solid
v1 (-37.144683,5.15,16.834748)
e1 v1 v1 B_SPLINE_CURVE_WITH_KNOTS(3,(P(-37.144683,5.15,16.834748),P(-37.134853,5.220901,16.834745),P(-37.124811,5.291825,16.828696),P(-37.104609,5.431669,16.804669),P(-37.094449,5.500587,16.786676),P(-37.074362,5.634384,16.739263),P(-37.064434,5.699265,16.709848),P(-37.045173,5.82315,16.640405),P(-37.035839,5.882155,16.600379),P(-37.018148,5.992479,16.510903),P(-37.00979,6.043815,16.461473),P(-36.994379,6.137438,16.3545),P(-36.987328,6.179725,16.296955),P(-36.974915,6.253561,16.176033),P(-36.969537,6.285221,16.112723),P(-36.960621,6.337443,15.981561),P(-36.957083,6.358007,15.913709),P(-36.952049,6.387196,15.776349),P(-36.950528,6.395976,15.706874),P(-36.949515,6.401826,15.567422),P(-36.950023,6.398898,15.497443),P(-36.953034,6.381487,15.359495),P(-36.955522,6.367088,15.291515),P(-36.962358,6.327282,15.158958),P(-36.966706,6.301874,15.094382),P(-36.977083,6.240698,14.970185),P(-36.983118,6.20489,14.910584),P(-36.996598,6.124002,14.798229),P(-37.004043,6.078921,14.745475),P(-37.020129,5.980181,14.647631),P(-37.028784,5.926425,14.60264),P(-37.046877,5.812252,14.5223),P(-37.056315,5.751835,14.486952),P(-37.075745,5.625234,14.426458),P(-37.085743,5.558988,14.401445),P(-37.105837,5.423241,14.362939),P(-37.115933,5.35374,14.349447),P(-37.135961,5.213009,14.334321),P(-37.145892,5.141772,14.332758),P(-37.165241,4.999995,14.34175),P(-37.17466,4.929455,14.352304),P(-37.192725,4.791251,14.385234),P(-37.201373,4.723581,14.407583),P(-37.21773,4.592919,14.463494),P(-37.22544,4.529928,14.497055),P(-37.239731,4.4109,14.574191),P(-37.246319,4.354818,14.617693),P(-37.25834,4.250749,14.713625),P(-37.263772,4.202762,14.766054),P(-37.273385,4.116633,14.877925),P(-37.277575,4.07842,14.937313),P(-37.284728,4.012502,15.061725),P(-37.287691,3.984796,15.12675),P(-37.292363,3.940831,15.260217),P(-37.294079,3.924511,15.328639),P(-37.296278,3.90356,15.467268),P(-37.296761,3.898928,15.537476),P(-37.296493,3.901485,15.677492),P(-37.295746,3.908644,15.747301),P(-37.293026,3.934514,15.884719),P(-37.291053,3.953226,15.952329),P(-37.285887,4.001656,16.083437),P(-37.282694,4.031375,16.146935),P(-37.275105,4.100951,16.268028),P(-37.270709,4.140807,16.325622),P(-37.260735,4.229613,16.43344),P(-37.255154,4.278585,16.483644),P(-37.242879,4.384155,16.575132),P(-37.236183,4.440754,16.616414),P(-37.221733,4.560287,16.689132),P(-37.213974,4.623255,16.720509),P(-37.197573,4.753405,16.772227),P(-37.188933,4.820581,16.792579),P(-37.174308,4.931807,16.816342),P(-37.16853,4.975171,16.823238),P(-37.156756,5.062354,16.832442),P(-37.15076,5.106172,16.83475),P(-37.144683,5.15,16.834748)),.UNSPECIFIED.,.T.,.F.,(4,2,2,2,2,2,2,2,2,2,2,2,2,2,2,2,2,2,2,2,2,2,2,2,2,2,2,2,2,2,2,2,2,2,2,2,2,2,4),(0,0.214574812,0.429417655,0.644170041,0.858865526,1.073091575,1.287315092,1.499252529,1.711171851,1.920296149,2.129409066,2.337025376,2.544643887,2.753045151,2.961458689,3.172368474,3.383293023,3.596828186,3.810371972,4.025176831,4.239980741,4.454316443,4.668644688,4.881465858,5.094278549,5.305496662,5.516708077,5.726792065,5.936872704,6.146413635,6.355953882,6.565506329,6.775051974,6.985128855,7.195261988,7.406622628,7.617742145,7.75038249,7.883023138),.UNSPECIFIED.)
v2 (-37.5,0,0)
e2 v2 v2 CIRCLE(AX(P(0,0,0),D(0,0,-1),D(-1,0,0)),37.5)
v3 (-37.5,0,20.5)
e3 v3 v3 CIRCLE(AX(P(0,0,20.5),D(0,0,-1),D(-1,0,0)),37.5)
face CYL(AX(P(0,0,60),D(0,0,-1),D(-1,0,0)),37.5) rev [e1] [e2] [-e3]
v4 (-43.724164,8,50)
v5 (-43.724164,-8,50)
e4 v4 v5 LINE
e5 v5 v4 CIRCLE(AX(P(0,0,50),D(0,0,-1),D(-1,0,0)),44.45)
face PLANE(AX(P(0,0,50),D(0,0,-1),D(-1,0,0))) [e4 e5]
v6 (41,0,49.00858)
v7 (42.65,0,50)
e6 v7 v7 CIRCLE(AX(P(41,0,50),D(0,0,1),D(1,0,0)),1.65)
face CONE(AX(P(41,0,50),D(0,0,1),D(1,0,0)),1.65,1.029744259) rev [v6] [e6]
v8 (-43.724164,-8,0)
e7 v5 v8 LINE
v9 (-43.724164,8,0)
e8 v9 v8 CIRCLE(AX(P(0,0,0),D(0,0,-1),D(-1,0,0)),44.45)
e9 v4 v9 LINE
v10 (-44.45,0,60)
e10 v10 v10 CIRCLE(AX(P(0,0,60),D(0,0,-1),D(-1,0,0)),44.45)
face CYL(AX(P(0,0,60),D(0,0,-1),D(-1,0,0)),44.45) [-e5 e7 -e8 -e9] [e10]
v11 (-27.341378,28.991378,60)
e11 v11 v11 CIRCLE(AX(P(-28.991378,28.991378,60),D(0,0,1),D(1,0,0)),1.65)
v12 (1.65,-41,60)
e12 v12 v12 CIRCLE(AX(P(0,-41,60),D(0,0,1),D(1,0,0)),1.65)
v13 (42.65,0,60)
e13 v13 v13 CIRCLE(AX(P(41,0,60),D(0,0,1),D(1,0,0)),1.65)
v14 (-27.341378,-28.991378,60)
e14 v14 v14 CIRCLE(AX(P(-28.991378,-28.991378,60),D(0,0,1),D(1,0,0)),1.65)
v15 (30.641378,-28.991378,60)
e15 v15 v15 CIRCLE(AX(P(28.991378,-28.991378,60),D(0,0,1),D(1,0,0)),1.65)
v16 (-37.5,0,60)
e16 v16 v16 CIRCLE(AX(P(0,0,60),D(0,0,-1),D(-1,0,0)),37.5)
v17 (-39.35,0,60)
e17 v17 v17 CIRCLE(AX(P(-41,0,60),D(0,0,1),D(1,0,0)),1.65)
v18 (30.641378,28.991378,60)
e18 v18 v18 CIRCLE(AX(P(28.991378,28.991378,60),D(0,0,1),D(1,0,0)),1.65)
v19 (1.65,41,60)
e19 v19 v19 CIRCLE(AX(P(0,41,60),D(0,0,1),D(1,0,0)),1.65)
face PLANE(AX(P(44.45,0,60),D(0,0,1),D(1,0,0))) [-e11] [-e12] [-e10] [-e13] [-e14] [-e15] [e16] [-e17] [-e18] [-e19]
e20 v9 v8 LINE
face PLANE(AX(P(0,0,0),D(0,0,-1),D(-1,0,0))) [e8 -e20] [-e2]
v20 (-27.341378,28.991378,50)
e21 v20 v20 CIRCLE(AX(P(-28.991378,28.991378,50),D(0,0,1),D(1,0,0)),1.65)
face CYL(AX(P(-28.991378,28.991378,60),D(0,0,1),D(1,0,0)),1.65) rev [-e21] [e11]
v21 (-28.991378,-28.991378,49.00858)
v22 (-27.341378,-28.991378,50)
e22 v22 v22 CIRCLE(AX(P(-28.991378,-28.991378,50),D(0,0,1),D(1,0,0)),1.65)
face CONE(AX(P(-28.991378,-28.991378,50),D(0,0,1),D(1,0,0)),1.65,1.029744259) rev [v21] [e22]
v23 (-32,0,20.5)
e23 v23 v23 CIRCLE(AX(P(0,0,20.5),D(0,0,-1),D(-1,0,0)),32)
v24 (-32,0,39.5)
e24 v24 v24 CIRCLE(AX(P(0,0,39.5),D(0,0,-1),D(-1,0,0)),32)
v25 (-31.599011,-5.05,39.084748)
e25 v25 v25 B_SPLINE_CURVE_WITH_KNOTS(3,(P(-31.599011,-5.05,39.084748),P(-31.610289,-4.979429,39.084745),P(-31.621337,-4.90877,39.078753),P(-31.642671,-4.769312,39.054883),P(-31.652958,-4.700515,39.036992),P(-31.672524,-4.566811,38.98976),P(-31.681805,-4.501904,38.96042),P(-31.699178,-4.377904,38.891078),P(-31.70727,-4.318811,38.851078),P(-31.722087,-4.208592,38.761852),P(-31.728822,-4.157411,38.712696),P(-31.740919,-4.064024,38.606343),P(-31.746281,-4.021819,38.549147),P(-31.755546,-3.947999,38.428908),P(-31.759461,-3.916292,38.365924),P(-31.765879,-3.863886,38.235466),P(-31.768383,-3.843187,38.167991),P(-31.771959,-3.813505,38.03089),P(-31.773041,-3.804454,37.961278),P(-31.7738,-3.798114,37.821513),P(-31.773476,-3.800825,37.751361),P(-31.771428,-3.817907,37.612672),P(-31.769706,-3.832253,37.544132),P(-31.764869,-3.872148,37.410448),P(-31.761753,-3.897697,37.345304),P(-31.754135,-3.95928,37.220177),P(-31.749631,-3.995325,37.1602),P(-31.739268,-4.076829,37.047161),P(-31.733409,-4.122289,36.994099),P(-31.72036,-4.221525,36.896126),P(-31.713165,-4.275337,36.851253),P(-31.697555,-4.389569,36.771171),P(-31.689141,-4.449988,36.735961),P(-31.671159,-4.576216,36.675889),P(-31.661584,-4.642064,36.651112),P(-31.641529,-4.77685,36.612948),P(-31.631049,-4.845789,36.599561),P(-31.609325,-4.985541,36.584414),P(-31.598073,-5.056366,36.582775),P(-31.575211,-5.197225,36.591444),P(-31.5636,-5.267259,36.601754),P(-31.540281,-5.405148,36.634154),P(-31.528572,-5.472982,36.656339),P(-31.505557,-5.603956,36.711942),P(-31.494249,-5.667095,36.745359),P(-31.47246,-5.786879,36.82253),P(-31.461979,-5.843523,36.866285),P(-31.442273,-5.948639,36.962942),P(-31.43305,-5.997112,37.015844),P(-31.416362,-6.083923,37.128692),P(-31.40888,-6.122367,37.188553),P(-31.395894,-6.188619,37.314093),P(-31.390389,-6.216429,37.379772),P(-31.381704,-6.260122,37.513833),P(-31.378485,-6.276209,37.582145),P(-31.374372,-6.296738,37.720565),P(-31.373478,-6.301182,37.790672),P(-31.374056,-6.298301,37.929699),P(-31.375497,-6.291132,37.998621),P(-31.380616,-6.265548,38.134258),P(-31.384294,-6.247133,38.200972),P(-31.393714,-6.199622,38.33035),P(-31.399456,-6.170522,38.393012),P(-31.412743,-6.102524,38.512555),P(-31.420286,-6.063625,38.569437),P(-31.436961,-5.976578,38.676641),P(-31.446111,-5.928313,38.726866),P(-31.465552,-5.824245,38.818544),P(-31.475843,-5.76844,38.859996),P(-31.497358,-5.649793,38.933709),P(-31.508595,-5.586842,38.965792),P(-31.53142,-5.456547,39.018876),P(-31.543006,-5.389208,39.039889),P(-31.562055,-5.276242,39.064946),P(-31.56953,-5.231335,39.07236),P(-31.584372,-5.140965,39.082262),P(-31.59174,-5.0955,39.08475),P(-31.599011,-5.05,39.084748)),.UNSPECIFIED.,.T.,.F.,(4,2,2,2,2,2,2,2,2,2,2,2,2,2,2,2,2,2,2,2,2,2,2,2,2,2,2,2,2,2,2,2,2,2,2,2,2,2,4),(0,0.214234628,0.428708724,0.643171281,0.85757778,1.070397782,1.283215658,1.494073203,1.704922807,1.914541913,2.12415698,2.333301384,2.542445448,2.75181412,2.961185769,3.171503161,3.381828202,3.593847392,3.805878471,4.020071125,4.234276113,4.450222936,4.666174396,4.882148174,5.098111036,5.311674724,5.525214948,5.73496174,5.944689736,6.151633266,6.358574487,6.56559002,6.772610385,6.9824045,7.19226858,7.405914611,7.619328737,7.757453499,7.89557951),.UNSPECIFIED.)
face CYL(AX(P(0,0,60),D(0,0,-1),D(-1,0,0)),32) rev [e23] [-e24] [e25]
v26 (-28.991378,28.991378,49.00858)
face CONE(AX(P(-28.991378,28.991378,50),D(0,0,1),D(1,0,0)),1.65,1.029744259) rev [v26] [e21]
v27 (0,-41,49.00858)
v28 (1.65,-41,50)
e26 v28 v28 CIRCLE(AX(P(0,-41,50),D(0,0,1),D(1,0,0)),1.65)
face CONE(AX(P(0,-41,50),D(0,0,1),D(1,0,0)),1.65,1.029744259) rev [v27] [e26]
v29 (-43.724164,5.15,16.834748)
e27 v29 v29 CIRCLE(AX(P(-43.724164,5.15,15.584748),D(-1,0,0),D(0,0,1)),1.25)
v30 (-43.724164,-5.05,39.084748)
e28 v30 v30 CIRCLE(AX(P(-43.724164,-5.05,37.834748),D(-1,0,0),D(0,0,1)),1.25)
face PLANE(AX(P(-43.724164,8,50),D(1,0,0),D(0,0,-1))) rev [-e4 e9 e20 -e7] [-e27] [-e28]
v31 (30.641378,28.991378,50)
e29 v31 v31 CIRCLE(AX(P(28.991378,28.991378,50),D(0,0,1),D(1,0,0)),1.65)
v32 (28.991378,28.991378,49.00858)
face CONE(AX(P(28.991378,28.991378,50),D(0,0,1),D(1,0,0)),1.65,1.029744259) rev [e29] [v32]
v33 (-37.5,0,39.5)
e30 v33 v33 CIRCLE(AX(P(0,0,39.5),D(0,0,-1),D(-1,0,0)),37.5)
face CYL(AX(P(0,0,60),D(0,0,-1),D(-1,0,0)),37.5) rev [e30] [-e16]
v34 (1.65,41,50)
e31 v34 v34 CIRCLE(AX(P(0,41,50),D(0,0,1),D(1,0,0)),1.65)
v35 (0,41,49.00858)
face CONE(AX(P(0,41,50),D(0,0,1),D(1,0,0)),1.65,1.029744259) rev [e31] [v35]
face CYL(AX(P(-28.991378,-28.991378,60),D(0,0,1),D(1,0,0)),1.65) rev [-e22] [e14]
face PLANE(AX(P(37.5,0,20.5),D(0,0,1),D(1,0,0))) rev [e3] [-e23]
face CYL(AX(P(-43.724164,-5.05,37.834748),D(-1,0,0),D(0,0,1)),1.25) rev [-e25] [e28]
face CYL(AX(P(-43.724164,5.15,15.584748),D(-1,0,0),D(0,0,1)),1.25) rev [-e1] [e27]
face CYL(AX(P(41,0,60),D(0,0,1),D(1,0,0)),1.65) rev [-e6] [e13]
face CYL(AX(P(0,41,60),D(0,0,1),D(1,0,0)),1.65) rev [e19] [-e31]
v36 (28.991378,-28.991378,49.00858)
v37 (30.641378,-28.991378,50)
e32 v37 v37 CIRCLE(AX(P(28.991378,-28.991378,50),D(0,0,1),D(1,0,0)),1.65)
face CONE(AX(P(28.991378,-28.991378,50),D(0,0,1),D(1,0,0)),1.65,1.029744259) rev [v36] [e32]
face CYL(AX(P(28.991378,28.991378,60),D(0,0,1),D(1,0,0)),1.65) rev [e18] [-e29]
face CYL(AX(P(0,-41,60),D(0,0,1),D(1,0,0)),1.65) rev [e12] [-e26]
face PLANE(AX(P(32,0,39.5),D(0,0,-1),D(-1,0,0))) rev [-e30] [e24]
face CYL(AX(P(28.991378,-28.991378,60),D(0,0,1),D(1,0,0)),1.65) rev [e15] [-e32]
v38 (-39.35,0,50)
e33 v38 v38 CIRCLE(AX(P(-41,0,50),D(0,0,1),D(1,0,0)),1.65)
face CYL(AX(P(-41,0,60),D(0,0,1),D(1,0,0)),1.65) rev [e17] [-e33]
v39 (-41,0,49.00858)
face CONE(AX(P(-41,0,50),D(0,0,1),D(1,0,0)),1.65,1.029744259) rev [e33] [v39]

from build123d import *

# Parameters (mm, degrees)
SKETCH1_W                  = 44.45
SKETCH1_H                  = 60
CUT_EXTRUDE1_START         = -50
CUT_EXTRUDE1_DEPTH         = 50
M4X0_7_TAPPED_HOLE1_D      = 3.3
M4X0_7_TAPPED_HOLE1_DEPTH  = 10
M4X0_7_TAPPED_HOLE1_TIP    = 0.991420021
M3X0_5_TAPPED_HOLE1_REACH  = 117.544
M3X0_5_TAPPED_HOLE1_BORE_R = 1.25
M3X0_5_TAPPED_HOLE2_REACH  = 117.544
M3X0_5_TAPPED_HOLE2_BORE_R = 1.25


with BuildPart() as part:
    # Sketch1 → Revolve1 (revolve)
    with BuildSketch(Plane.XZ, mode=Mode.PRIVATE) as revolve1_sk:
        with Locations((22.225, 30)):
            Rectangle(SKETCH1_W, SKETCH1_H)
    revolve(revolve1_sk.sketch.rotate(Axis((0, 0, 60), (0, 0, -1)), 180), axis=Axis((0, 0, 60), (0, 0, -1)))

    # Sketch2 → Cut-Extrude1 (cut)
    with BuildSketch(Plane(origin=(0, 0, 0), x_dir=(-1, 0, 0), z_dir=(0, 0, -1)).offset(CUT_EXTRUDE1_START)):
        with BuildLine():
            Line((43.7241638, 8), (43.7241638, -8))
            ThreePointArc((43.7241638, -8), (44.45, 0), (43.7241638, 8))
        make_face()
    extrude(amount=CUT_EXTRUDE1_DEPTH, mode=Mode.SUBTRACT)

    # Sketch3 → Cut-Revolve1 (revolve, cut)
    with BuildSketch(Plane.XZ, mode=Mode.PRIVATE) as cut_revolve1_sk:
        Polygon((37.5, 60), (0, 60), (0, 0), (37.5, 0), (37.5, 20.5), (32, 20.5), (32, 39.5), (37.5, 39.5), align=None)
    revolve(cut_revolve1_sk.sketch.rotate(Axis((0, 0, 60), (0, 0, -1)), 180), axis=Axis((0, 0, 60), (0, 0, -1)), mode=Mode.SUBTRACT)

    # M4x0.7 Tapped Hole1
    with Locations(Plane.XY.offset(60)):
        with Locations((28.991378029, 28.991378029), (0, 41), (-28.991378029, 28.991378029), (-41, 0), (-28.991378029, -28.991378029), (0, -41), (28.991378029, -28.991378029), (41, 0)):
            Hole(M4X0_7_TAPPED_HOLE1_D / 2, depth=M4X0_7_TAPPED_HOLE1_DEPTH)
            with Locations((0, 0, -(M4X0_7_TAPPED_HOLE1_DEPTH + M4X0_7_TAPPED_HOLE1_TIP / 2))):  # 118° drill point
                Cone(0, M4X0_7_TAPPED_HOLE1_D / 2, M4X0_7_TAPPED_HOLE1_TIP, mode=Mode.SUBTRACT)

    # M3x0.5 Tapped Hole1 bore → M3x0.5 Tapped Hole1 (cut, up to next)
    with BuildSketch(Plane.ZY.offset(43.7241638), mode=Mode.PRIVATE) as m3x0_5_tapped_hole1_sk1:
        with Locations((15.584748033, 5.15)):
            Circle(M3X0_5_TAPPED_HOLE1_BORE_R)
    m3x0_5_tapped_hole1_tool1 = extrude(m3x0_5_tapped_hole1_sk1.sketch, amount=-M3X0_5_TAPPED_HOLE1_REACH, mode=Mode.PRIVATE) & part.part
    add(m3x0_5_tapped_hole1_tool1.solids().sort_by_distance((-43.724164, 5.15, 15.584748))[0], mode=Mode.SUBTRACT)

    # M3x0.5 Tapped Hole2 bore → M3x0.5 Tapped Hole2 (cut, up to next)
    with BuildSketch(Plane.ZY.offset(43.7241638), mode=Mode.PRIVATE) as m3x0_5_tapped_hole2_sk1:
        with Locations((37.834748033, -5.05)):
            Circle(M3X0_5_TAPPED_HOLE2_BORE_R)
    m3x0_5_tapped_hole2_tool1 = extrude(m3x0_5_tapped_hole2_sk1.sketch, amount=-M3X0_5_TAPPED_HOLE2_REACH, mode=Mode.PRIVATE) & part.part
    add(m3x0_5_tapped_hole2_tool1.solids().sort_by_distance((-43.724164, -5.05, 37.834748))[0], mode=Mode.SUBTRACT)


solid = part.part
